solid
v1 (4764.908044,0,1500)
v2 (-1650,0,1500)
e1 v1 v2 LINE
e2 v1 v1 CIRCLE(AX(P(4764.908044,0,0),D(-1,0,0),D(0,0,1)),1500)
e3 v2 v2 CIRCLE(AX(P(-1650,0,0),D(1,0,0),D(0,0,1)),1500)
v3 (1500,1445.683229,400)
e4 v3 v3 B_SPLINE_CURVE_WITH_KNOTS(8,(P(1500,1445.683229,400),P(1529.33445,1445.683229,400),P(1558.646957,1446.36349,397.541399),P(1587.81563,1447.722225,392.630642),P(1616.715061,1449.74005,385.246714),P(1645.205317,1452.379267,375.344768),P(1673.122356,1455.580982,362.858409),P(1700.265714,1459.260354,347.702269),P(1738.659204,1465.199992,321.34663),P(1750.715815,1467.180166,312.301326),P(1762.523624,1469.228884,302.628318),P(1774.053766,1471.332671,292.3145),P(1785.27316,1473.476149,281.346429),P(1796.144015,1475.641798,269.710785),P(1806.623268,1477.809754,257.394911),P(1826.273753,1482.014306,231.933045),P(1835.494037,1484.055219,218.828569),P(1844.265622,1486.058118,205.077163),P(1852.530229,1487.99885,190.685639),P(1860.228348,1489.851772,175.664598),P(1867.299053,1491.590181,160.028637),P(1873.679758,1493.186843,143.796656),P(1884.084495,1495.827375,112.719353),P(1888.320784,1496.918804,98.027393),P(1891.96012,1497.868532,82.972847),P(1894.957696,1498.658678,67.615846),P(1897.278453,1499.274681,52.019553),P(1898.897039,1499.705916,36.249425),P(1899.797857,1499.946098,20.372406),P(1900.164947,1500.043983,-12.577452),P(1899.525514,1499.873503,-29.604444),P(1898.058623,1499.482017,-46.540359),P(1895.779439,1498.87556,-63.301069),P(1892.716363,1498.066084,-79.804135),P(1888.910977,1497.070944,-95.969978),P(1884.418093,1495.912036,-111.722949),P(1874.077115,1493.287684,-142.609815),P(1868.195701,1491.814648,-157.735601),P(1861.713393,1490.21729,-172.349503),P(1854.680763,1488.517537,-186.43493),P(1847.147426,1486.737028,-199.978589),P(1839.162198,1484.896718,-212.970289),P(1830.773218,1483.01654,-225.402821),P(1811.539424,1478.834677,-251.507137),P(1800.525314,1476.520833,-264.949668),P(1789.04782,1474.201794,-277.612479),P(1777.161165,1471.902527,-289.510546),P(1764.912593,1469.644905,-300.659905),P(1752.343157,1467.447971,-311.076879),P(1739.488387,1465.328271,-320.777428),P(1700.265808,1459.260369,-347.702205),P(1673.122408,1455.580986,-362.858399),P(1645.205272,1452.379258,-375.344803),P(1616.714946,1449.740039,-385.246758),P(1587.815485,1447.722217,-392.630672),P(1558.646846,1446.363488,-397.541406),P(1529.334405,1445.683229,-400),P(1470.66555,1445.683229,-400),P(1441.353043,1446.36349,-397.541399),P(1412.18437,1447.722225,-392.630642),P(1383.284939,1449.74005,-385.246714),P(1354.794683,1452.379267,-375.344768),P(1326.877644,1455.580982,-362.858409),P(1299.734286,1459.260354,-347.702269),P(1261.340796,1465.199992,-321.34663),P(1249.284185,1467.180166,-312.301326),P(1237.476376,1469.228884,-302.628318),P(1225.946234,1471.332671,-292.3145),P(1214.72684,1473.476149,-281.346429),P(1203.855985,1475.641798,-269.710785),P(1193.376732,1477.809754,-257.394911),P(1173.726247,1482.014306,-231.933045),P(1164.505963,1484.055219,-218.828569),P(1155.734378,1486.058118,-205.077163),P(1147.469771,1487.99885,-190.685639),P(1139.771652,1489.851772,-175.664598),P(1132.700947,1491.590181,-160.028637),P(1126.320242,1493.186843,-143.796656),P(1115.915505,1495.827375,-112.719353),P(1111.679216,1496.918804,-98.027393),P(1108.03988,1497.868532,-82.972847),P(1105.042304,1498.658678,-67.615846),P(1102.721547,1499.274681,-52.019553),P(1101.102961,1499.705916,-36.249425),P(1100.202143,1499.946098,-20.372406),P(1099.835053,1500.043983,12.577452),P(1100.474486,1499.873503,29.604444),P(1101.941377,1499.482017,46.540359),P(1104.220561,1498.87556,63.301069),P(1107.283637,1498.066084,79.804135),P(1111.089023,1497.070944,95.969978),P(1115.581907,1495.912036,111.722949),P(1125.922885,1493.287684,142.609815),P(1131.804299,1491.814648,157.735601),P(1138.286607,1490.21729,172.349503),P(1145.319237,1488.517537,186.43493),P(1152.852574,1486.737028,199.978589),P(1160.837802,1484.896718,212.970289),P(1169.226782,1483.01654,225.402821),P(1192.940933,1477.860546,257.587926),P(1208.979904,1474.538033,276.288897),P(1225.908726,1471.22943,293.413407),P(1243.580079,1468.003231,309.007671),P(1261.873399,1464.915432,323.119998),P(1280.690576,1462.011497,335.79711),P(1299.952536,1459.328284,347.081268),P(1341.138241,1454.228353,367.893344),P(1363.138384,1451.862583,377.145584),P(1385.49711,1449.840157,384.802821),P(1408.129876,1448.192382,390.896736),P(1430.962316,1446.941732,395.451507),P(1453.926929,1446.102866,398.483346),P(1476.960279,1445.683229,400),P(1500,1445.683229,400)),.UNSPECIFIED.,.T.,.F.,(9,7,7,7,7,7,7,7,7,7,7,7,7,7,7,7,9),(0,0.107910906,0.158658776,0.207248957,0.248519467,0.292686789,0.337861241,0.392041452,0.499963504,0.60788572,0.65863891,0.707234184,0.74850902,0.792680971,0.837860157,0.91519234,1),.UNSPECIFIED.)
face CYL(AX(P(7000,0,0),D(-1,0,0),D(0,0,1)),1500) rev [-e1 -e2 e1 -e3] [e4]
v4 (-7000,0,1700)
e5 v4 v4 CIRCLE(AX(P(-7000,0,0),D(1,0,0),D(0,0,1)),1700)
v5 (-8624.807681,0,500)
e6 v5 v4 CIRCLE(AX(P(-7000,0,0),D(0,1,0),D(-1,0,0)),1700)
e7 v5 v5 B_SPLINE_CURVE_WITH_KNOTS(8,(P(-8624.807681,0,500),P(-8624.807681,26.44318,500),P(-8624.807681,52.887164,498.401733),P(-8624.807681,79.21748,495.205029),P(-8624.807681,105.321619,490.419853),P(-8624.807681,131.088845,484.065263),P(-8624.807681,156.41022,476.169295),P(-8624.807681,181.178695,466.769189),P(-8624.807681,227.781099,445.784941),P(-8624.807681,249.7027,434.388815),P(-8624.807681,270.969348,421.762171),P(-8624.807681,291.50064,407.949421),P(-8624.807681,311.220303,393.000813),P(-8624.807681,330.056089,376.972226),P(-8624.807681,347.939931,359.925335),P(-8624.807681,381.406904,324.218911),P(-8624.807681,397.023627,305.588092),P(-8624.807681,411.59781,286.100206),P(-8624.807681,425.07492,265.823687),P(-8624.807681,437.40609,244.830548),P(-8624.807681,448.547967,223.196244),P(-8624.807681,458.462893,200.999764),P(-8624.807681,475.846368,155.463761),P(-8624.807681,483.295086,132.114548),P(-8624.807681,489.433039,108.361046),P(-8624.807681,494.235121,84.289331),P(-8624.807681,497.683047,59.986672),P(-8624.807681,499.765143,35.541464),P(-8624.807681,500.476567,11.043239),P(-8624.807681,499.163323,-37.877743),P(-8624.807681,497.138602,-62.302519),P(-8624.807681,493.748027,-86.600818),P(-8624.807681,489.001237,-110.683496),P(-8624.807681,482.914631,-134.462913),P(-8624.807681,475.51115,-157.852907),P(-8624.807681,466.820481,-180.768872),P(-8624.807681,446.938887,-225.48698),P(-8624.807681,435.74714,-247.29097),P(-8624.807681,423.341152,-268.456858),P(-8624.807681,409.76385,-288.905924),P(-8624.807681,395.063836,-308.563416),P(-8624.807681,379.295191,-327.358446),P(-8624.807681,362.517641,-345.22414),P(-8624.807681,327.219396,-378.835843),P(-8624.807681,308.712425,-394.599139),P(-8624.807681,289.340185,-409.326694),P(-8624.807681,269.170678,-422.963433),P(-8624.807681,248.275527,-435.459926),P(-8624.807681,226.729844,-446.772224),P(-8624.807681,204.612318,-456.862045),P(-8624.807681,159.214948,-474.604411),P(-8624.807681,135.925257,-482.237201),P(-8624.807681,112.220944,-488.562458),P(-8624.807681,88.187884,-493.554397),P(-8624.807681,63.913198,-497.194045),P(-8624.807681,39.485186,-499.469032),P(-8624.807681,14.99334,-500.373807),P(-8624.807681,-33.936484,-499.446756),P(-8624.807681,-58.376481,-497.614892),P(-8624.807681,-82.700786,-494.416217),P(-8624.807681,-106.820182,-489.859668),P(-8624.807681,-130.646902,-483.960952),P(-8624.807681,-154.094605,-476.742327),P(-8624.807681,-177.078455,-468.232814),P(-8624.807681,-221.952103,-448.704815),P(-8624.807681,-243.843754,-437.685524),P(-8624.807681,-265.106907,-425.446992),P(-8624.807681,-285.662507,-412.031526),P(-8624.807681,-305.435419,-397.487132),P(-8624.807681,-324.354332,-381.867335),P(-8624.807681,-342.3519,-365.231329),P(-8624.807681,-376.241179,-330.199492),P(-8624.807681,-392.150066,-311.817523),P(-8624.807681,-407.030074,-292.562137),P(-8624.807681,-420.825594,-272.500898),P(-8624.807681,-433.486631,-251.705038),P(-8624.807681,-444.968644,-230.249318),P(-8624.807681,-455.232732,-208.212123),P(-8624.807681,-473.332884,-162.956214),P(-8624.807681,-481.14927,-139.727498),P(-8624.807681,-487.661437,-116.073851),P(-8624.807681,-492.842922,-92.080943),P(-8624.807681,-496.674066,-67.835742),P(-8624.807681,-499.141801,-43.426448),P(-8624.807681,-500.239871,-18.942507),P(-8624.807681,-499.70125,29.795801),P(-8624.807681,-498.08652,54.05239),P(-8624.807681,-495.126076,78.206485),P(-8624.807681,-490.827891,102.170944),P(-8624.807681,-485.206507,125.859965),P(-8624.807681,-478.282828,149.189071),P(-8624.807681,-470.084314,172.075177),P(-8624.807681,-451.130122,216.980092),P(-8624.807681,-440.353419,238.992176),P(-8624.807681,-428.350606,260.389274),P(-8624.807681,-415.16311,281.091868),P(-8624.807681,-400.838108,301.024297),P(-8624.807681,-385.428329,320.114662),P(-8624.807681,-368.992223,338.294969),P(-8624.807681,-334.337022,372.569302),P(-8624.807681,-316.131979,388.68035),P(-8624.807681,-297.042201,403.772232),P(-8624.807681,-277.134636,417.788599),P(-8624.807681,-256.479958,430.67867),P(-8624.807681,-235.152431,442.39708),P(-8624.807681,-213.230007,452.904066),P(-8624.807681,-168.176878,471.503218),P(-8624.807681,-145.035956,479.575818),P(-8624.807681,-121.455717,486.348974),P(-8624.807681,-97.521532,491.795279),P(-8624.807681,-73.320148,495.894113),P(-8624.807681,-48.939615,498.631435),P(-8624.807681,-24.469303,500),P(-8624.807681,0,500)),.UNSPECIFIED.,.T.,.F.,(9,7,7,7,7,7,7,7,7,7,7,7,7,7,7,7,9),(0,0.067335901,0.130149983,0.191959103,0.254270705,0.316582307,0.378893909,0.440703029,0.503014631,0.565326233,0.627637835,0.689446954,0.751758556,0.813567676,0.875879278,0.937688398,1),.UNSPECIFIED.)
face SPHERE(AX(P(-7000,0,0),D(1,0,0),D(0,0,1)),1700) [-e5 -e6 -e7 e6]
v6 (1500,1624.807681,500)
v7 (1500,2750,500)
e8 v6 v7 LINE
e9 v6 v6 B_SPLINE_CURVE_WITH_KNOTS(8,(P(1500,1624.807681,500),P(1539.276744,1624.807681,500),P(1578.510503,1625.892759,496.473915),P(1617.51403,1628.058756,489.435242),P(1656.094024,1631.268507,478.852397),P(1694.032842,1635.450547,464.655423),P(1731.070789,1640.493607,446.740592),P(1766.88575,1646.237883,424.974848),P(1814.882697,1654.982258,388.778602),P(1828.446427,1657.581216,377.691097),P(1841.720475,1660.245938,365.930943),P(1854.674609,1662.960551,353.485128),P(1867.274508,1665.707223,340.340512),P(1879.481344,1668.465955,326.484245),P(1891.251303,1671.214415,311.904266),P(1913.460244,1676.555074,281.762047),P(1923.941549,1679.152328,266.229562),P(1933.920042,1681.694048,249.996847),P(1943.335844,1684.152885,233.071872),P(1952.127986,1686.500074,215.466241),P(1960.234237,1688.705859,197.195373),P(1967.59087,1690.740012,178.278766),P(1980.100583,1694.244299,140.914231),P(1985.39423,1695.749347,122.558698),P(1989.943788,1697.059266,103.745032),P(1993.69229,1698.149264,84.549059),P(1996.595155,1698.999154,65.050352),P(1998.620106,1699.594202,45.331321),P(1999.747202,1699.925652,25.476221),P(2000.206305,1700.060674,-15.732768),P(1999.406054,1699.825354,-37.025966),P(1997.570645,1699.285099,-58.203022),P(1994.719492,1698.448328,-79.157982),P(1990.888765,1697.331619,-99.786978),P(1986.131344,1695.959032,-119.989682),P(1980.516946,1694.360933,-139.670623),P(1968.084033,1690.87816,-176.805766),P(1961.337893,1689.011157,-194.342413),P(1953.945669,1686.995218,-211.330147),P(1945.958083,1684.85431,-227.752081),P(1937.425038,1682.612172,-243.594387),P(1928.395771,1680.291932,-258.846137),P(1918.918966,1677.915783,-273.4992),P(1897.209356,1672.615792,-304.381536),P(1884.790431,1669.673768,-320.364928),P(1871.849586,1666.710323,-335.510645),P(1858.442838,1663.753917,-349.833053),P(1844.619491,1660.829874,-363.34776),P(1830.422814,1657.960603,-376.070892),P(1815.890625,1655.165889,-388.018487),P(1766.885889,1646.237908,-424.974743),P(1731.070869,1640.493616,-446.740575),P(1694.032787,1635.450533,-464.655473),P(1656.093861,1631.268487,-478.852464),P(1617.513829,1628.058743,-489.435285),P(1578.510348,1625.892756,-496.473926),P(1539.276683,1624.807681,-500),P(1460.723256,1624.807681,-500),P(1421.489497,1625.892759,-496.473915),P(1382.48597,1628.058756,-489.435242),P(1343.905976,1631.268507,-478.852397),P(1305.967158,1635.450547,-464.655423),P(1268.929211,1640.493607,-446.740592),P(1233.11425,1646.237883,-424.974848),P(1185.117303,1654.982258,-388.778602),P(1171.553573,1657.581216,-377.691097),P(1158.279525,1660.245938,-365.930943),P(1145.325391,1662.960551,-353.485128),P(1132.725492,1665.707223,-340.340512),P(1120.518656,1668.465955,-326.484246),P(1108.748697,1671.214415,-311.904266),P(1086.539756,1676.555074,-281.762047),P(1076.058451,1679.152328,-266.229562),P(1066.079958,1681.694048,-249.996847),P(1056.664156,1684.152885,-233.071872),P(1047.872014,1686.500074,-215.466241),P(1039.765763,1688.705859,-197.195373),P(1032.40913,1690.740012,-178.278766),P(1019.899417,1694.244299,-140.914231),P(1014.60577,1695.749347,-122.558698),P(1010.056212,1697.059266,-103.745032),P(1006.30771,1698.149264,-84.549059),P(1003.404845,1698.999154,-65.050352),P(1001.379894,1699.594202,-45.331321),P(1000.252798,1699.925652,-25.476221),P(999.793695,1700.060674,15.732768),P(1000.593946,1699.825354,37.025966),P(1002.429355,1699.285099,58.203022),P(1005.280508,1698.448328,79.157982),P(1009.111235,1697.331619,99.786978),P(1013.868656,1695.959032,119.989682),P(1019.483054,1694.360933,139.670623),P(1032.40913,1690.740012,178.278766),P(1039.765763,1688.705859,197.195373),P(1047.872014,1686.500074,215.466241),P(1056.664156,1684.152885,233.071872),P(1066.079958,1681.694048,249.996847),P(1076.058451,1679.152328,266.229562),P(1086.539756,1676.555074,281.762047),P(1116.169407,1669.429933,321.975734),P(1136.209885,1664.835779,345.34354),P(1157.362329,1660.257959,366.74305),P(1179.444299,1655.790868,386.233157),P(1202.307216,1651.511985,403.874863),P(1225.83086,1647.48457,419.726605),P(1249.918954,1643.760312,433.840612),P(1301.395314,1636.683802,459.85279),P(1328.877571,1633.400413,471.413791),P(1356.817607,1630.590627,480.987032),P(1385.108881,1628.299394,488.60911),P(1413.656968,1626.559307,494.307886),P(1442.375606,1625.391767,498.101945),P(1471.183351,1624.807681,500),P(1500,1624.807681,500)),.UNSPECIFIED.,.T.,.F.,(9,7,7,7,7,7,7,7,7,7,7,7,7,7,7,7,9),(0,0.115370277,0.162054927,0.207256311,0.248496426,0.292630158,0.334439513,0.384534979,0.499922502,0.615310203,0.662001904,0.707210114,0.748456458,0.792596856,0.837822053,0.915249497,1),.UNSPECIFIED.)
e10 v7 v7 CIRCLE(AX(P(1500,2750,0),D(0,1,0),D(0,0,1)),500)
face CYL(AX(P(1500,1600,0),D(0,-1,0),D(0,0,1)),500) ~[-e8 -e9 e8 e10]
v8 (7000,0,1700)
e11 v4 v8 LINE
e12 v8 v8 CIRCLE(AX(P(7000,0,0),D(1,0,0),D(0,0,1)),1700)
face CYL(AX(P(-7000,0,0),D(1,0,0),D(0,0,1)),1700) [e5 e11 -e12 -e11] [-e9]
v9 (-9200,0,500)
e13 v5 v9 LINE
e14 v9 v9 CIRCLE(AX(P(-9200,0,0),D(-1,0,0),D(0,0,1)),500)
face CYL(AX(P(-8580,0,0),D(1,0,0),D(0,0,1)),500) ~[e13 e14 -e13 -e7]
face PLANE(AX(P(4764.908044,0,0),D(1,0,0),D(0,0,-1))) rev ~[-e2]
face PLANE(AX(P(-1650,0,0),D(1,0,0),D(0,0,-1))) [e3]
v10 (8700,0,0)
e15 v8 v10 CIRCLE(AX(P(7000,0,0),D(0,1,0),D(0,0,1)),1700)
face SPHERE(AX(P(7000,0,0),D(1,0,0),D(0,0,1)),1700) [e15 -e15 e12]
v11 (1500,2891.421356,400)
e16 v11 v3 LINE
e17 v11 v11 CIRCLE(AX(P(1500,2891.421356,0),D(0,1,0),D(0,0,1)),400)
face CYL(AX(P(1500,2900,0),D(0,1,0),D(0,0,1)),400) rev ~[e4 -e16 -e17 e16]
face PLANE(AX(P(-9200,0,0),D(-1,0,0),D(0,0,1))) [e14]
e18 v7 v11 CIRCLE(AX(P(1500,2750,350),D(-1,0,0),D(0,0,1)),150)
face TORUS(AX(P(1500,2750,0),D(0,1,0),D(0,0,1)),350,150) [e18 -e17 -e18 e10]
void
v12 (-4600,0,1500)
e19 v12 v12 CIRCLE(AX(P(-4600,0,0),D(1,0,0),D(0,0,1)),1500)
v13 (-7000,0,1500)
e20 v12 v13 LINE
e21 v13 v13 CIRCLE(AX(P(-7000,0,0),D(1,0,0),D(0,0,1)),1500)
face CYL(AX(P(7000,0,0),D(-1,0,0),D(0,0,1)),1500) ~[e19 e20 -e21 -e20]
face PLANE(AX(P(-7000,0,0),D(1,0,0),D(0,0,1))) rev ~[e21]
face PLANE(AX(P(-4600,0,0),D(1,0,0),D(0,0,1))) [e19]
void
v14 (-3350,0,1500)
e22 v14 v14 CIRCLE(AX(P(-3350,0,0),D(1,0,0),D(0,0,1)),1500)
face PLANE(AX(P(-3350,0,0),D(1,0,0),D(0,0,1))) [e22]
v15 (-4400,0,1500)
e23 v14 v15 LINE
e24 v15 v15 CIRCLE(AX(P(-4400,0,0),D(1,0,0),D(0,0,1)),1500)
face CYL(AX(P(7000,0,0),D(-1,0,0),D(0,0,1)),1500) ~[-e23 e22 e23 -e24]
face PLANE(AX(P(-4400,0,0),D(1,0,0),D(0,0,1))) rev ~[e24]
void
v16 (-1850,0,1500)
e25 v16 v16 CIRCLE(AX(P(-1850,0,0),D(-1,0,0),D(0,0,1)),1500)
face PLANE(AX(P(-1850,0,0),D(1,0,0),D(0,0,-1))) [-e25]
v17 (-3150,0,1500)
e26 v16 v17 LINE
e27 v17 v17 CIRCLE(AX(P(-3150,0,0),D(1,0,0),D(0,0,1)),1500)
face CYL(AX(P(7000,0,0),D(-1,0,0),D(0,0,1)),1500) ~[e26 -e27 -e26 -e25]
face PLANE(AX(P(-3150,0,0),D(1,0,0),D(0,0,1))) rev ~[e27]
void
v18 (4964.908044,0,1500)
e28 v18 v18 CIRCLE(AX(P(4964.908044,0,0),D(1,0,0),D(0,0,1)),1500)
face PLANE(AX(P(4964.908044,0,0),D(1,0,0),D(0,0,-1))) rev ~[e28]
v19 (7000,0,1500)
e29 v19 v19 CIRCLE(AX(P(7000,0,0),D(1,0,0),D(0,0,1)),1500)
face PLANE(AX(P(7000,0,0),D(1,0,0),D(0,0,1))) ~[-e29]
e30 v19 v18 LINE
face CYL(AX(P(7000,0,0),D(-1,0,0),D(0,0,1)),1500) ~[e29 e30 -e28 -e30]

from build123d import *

# Parameters (mm, degrees)
BOSS_EXTRUDE1_DEPTH      = 1200
BOSS_EXTRUDE1_DEPTH_BACK = 100
SKETCH3_R                = 500
FILLET1_R                = 150
SKETCH4_R                = 1500
BOSS_EXTRUDE3_DEPTH      = 100
SKETCH5_R                = 1500
BOSS_EXTRUDE4_DEPTH      = 100
SKETCH6_R                = 1500
BOSS_EXTRUDE5_DEPTH      = 100
SKETCH7_R                = 1500
BOSS_EXTRUDE6_DEPTH      = 100
BOSS_EXTRUDE7_DEPTH      = 500
BOSS_EXTRUDE7_DEPTH_BACK = 120
SKETCH11_R               = 500
SKETCH12_R               = 400
CUT_EXTRUDE1_DEPTH       = 1746


with BuildPart() as part:
    # Sketch2 → Revolve2 (revolve)
    with BuildSketch(Plane.XY, mode=Mode.PRIVATE) as revolve2_sk:
        with BuildLine():
            Line((-7000, 1700), (7000, 1700))
            ThreePointArc((7000, 1700), (8202.081528017, 1202.081528017), (8700, 0))
            Line((8700, 0), (7000, 0))
            Line((7000, 0), (7000, 1500))
            Line((7000, 1500), (-7000, 1500))
            Line((-7000, 1500), (-7000, 0))
            Line((-7000, 0), (-8700, 0))
            ThreePointArc((-8700, 0), (-8202.081528017, 1202.081528017), (-7000, 1700))
        make_face()
    revolve(revolve2_sk.sketch.rotate(Axis((-7000, 0, 0), (1, 0, 0)), 90), axis=Axis((-7000, 0, 0), (1, 0, 0)))

    # Sketch3 → Boss-Extrude1 (add, two sides: drawn at the far end of the back side and taken through both)
    with BuildSketch(Plane(origin=(0, 1700, 0), x_dir=(1, 0, 0), z_dir=(0, 1, 0)).offset(-BOSS_EXTRUDE1_DEPTH_BACK)):
        with Locations(Location((1500, 0, 0), (0, 0, 270))):
            Circle(SKETCH3_R)
    extrude(amount=BOSS_EXTRUDE1_DEPTH + BOSS_EXTRUDE1_DEPTH_BACK)

    # Fillet1
    fillet1_edges = [part.edges().sort_by_distance(p)[0] for p in [
        (1500, 2900, -500),
    ]]
    fillet(fillet1_edges, radius=FILLET1_R)

    # Sketch4 → Boss-Extrude3 (add, symmetric)
    with BuildSketch(Plane(origin=(-3250, 0, 0), x_dir=(0, 0, -1), z_dir=(1, 0, 0))):
        with Locations(Location((0, 0, 0), (0, 0, 180))):
            Circle(SKETCH4_R)
    extrude(amount=BOSS_EXTRUDE3_DEPTH, both=True)

    # Sketch5 → Boss-Extrude4 (add, symmetric)
    with BuildSketch(Plane(origin=(-1750, 0, 0), x_dir=(0, 0, -1), z_dir=(1, 0, 0))):
        Circle(SKETCH5_R)
    extrude(amount=BOSS_EXTRUDE4_DEPTH, both=True)

    # Sketch6 → Boss-Extrude5 (add, symmetric)
    with BuildSketch(Plane(origin=(-4500, 0, 0), x_dir=(0, 0, -1), z_dir=(1, 0, 0))):
        with Locations(Location((0, 0, 0), (0, 0, 180))):
            Circle(SKETCH6_R)
    extrude(amount=BOSS_EXTRUDE5_DEPTH, both=True)

    # Sketch7 → Boss-Extrude6 (add, symmetric)
    with BuildSketch(Plane(origin=(4864.908043894, 0, 0), x_dir=(0, 0, -1), z_dir=(1, 0, 0))):
        Circle(SKETCH7_R)
    extrude(amount=BOSS_EXTRUDE6_DEPTH, both=True)

    # Sketch11 → Boss-Extrude7 (add, two sides: drawn at the far end of the back side and taken through both)
    with BuildSketch(Plane.ZY.offset(8700).offset(-BOSS_EXTRUDE7_DEPTH_BACK)):
        Circle(SKETCH11_R)
    extrude(amount=BOSS_EXTRUDE7_DEPTH + BOSS_EXTRUDE7_DEPTH_BACK)

    # Sketch12 → Cut-Extrude1 (cut)
    with BuildSketch(Plane(origin=(0, 2900, 0), x_dir=(1, 0, 0), z_dir=(0, 1, 0))):
        with Locations(Location((1500, 0, 0), (0, 0, 270))):
            Circle(SKETCH12_R)
    extrude(amount=-CUT_EXTRUDE1_DEPTH, mode=Mode.SUBTRACT)


solid = part.part
